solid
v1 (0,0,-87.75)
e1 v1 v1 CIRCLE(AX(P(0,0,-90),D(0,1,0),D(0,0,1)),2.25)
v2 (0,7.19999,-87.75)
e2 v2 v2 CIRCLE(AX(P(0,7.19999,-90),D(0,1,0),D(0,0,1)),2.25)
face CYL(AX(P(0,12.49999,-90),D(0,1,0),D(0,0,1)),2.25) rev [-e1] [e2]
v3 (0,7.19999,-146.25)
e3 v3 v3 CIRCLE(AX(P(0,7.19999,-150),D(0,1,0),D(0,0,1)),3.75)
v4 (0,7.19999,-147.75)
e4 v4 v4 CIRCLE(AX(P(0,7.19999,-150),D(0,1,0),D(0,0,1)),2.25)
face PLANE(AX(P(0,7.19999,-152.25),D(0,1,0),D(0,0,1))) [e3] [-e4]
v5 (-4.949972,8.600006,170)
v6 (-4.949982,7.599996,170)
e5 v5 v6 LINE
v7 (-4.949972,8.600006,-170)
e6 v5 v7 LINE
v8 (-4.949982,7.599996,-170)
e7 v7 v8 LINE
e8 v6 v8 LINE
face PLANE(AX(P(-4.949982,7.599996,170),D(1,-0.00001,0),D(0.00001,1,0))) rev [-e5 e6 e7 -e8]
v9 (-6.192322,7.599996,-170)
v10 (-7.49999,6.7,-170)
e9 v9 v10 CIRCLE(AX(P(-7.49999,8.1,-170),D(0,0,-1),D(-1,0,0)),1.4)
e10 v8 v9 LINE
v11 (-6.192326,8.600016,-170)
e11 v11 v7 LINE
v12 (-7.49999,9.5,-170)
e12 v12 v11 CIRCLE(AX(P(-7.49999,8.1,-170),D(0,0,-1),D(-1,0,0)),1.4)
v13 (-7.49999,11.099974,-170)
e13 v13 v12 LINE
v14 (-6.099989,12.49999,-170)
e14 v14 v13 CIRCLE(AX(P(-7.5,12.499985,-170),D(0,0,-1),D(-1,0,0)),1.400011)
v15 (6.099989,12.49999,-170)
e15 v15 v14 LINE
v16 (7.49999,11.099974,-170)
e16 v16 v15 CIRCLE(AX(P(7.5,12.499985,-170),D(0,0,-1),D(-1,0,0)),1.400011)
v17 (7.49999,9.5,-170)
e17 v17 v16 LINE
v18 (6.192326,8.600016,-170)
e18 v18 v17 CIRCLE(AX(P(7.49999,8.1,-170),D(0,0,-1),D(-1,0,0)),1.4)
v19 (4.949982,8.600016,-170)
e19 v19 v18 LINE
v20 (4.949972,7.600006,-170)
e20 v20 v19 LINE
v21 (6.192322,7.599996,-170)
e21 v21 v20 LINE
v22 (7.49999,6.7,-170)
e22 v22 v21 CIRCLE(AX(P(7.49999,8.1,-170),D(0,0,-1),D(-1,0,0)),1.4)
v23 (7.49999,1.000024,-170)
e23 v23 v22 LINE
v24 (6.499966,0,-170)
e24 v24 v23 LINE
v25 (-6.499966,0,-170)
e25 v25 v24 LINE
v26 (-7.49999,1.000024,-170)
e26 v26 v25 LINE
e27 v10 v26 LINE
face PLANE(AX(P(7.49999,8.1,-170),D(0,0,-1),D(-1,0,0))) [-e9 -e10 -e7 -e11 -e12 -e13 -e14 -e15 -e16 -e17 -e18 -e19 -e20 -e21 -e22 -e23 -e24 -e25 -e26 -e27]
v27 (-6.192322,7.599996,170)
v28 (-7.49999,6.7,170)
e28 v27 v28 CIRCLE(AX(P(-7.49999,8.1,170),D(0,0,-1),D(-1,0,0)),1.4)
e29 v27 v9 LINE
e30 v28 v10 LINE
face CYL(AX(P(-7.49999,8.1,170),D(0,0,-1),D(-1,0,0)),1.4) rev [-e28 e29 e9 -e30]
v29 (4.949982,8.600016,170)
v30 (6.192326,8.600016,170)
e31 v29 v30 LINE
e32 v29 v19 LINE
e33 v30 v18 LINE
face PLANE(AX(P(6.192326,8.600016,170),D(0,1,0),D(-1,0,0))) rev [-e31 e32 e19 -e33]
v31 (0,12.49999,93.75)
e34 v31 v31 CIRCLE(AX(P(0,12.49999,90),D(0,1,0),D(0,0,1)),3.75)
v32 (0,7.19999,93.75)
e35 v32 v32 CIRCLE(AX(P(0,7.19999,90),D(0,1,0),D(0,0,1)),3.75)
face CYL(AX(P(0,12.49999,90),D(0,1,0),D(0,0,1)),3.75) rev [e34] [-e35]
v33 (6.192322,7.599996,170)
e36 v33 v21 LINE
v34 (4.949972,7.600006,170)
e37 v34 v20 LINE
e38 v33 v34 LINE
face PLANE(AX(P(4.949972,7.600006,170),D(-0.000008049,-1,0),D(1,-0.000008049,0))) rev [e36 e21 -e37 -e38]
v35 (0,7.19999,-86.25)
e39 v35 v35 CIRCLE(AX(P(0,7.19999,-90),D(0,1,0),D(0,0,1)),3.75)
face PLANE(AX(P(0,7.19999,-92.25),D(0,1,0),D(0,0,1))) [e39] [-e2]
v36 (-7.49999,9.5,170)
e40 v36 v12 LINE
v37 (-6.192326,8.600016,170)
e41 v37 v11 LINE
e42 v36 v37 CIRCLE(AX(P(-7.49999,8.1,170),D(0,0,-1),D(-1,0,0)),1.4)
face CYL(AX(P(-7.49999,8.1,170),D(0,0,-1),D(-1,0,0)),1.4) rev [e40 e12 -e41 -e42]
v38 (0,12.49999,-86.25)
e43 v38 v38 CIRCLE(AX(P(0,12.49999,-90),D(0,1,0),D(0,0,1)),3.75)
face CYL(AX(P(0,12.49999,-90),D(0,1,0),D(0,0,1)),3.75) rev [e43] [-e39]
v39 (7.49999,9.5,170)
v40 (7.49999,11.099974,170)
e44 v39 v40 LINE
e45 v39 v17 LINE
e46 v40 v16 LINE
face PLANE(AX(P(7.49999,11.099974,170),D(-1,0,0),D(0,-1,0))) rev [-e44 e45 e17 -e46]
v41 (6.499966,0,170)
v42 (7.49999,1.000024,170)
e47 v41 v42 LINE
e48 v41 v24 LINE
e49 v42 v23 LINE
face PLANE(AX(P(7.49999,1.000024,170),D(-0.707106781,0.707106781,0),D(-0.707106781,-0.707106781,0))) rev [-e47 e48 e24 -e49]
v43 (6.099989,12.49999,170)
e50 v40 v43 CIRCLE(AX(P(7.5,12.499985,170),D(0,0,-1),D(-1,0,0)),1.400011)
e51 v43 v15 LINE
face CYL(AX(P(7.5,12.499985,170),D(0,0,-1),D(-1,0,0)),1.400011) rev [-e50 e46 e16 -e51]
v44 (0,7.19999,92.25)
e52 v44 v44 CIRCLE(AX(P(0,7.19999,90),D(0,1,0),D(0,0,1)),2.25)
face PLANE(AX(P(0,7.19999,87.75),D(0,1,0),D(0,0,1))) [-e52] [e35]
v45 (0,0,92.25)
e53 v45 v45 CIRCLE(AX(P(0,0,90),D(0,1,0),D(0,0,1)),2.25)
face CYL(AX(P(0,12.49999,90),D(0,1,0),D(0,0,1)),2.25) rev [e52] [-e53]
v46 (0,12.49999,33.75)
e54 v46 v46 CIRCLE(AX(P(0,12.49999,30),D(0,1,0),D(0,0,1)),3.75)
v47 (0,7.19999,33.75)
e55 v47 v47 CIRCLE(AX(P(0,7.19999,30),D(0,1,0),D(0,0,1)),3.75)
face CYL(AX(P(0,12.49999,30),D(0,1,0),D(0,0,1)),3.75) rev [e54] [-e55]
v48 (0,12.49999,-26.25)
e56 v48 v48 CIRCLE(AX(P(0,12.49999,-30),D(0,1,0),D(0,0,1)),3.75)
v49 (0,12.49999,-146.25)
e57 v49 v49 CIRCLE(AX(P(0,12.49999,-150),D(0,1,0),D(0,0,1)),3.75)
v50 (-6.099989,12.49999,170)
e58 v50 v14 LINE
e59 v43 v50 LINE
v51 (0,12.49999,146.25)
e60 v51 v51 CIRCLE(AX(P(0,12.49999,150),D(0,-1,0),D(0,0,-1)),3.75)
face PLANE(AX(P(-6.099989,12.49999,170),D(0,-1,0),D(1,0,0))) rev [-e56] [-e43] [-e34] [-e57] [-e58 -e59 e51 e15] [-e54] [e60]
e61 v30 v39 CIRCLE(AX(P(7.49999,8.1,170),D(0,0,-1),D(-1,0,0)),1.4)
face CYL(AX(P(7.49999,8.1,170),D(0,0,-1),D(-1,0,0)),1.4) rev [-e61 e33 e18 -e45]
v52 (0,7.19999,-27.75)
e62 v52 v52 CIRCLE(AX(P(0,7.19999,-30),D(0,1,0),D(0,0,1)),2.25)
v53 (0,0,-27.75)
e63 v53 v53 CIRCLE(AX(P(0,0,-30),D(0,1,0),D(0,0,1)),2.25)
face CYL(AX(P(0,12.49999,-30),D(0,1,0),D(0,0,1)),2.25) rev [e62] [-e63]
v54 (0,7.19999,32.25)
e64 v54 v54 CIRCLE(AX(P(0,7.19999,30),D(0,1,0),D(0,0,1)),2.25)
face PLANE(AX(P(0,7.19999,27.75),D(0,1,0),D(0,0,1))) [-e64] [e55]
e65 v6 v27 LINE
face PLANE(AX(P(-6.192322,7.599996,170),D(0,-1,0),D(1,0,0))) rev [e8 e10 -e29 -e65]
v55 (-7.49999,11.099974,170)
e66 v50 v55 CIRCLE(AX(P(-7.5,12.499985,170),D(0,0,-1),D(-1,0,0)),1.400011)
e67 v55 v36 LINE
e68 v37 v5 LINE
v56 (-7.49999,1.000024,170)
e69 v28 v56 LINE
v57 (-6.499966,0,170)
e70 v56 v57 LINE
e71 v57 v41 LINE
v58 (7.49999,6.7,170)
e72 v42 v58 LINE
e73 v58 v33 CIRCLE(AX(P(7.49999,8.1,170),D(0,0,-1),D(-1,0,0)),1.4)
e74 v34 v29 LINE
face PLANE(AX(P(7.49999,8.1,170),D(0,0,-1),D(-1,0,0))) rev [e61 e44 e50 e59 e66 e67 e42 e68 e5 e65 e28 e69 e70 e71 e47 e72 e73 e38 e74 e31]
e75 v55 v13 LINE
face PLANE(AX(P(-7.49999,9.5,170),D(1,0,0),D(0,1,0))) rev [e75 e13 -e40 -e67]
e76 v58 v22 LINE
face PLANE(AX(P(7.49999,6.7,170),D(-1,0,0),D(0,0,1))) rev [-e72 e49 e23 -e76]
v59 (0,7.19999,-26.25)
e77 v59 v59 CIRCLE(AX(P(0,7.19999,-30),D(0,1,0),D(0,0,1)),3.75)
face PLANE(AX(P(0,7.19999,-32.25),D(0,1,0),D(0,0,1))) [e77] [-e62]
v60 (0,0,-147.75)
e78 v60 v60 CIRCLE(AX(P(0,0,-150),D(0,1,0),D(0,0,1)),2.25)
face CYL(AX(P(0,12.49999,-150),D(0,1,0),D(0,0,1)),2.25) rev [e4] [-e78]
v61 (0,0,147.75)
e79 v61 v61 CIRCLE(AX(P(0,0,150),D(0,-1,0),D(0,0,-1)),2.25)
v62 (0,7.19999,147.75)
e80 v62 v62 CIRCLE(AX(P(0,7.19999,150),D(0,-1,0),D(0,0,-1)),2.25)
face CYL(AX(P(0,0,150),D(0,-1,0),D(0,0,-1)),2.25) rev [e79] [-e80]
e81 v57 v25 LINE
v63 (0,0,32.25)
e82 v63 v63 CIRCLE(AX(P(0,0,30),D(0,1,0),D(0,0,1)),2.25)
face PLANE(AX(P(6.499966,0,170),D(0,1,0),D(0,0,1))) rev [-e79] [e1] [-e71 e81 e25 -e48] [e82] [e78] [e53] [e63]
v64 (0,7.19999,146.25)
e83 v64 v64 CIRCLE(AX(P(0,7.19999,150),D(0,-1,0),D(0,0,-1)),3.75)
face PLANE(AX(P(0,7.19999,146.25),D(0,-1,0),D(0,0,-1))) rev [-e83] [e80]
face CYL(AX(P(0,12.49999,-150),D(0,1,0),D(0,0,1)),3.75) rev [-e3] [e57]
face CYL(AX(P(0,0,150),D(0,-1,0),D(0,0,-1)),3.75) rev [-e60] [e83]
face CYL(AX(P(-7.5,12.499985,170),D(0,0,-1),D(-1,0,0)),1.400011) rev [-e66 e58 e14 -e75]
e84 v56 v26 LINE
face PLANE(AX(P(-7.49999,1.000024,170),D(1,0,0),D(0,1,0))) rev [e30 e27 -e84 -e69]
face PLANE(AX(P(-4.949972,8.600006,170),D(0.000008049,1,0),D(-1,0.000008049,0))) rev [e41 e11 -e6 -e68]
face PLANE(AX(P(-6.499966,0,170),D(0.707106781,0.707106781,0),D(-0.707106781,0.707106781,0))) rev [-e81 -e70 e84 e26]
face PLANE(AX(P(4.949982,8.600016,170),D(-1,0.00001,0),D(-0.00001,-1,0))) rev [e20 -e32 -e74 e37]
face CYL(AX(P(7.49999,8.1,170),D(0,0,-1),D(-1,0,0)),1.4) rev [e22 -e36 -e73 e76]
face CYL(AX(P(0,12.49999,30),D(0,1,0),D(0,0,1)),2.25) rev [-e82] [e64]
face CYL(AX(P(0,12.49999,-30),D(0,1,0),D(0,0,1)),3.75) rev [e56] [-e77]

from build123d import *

# Parameters (mm, degrees)
EXTRUDE1_DEPTH  = 170
LPATTERN1_COUNT = 5
LPATTERN1_PITCH = 60


with BuildPart() as part:
    # 15mm → Extrude1 (new, symmetric)
    with BuildSketch(Plane.XY):
        with BuildLine():
            Line((4.949972, 7.600006), (6.192321846, 7.599996))
            ThreePointArc((6.192321846, 7.599996), (6.706266371, 6.946742527), (7.49999, 6.7))
            Line((7.49999, 6.7), (7.49999, 1.000024142))
            Line((7.49999, 1.000024142), (6.499965858, 0))
            Line((6.499965858, 0), (-6.499965858, 0))
            Line((-6.499965858, 0), (-7.49999, 1.000024142))
            Line((-7.49999, 1.000024142), (-7.49999, 6.7))
            ThreePointArc((-7.49999, 6.7), (-6.70626637, 6.946742527), (-6.192321846, 7.599996))
            Line((-6.192321846, 7.599996), (-4.949982, 7.599996))
            Line((-4.949982, 7.599996), (-4.949972, 8.600006))
            Line((-4.949972, 8.600006), (-6.192326435, 8.600016))
            ThreePointArc((-6.192326435, 8.600016), (-6.706271662, 9.253261115), (-7.49999, 9.5))
            Line((-7.49999, 9.5), (-7.49999, 11.099974))
            ThreePointArc((-7.49999, 11.099974), (-6.510037425, 11.510033031), (-6.099989, 12.49999))
            Line((-6.099989, 12.49999), (6.099989, 12.49999))
            ThreePointArc((6.099989, 12.49999), (6.510037425, 11.510033031), (7.49999, 11.099974))
            Line((7.49999, 11.099974), (7.49999, 9.5))
            ThreePointArc((7.49999, 9.5), (6.706271662, 9.253261115), (6.192326435, 8.600016))
            Line((6.192326435, 8.600016), (4.949982, 8.600016))
            Line((4.949982, 8.600016), (4.949972, 7.600006))
        make_face()
    extrude(amount=EXTRUDE1_DEPTH, both=True)

    # Sketch1 → Cut-Revolve1 (revolve, cut)
    with BuildSketch(Plane(origin=(0, 0, 0), x_dir=(0, 0, -1), z_dir=(1, 0, 0))):
        Polygon((-150, 12.49999), (-146.25, 12.49999), (-146.25, 7.19999), (-147.75, 7.19999), (-147.75, 0), (-150, 0), align=None)
    revolve(axis=Axis((0, 0, 150), (0, 1, 0)), mode=Mode.SUBTRACT)

    # Sketch2 → Cut-Revolve2 (revolve, cut)
    with BuildSketch(Plane(origin=(0, 0, 0), x_dir=(0, 0, -1), z_dir=(1, 0, 0))):
        Polygon((150, 0), (152.25, 0), (152.25, 7.19999), (153.75, 7.19999), (153.75, 12.49999), (150, 12.49999), align=None)
    cut_revolve2 = revolve(axis=Axis((0, 12.49999, -150), (0, -1, 0)), mode=Mode.SUBTRACT)

    # LPattern1: Cut-Revolve2 ×5
    with Locations(*[(0, 0, i * LPATTERN1_PITCH) for i in range(1, LPATTERN1_COUNT)]):
        add(cut_revolve2, mode=Mode.SUBTRACT)


solid = part.part
